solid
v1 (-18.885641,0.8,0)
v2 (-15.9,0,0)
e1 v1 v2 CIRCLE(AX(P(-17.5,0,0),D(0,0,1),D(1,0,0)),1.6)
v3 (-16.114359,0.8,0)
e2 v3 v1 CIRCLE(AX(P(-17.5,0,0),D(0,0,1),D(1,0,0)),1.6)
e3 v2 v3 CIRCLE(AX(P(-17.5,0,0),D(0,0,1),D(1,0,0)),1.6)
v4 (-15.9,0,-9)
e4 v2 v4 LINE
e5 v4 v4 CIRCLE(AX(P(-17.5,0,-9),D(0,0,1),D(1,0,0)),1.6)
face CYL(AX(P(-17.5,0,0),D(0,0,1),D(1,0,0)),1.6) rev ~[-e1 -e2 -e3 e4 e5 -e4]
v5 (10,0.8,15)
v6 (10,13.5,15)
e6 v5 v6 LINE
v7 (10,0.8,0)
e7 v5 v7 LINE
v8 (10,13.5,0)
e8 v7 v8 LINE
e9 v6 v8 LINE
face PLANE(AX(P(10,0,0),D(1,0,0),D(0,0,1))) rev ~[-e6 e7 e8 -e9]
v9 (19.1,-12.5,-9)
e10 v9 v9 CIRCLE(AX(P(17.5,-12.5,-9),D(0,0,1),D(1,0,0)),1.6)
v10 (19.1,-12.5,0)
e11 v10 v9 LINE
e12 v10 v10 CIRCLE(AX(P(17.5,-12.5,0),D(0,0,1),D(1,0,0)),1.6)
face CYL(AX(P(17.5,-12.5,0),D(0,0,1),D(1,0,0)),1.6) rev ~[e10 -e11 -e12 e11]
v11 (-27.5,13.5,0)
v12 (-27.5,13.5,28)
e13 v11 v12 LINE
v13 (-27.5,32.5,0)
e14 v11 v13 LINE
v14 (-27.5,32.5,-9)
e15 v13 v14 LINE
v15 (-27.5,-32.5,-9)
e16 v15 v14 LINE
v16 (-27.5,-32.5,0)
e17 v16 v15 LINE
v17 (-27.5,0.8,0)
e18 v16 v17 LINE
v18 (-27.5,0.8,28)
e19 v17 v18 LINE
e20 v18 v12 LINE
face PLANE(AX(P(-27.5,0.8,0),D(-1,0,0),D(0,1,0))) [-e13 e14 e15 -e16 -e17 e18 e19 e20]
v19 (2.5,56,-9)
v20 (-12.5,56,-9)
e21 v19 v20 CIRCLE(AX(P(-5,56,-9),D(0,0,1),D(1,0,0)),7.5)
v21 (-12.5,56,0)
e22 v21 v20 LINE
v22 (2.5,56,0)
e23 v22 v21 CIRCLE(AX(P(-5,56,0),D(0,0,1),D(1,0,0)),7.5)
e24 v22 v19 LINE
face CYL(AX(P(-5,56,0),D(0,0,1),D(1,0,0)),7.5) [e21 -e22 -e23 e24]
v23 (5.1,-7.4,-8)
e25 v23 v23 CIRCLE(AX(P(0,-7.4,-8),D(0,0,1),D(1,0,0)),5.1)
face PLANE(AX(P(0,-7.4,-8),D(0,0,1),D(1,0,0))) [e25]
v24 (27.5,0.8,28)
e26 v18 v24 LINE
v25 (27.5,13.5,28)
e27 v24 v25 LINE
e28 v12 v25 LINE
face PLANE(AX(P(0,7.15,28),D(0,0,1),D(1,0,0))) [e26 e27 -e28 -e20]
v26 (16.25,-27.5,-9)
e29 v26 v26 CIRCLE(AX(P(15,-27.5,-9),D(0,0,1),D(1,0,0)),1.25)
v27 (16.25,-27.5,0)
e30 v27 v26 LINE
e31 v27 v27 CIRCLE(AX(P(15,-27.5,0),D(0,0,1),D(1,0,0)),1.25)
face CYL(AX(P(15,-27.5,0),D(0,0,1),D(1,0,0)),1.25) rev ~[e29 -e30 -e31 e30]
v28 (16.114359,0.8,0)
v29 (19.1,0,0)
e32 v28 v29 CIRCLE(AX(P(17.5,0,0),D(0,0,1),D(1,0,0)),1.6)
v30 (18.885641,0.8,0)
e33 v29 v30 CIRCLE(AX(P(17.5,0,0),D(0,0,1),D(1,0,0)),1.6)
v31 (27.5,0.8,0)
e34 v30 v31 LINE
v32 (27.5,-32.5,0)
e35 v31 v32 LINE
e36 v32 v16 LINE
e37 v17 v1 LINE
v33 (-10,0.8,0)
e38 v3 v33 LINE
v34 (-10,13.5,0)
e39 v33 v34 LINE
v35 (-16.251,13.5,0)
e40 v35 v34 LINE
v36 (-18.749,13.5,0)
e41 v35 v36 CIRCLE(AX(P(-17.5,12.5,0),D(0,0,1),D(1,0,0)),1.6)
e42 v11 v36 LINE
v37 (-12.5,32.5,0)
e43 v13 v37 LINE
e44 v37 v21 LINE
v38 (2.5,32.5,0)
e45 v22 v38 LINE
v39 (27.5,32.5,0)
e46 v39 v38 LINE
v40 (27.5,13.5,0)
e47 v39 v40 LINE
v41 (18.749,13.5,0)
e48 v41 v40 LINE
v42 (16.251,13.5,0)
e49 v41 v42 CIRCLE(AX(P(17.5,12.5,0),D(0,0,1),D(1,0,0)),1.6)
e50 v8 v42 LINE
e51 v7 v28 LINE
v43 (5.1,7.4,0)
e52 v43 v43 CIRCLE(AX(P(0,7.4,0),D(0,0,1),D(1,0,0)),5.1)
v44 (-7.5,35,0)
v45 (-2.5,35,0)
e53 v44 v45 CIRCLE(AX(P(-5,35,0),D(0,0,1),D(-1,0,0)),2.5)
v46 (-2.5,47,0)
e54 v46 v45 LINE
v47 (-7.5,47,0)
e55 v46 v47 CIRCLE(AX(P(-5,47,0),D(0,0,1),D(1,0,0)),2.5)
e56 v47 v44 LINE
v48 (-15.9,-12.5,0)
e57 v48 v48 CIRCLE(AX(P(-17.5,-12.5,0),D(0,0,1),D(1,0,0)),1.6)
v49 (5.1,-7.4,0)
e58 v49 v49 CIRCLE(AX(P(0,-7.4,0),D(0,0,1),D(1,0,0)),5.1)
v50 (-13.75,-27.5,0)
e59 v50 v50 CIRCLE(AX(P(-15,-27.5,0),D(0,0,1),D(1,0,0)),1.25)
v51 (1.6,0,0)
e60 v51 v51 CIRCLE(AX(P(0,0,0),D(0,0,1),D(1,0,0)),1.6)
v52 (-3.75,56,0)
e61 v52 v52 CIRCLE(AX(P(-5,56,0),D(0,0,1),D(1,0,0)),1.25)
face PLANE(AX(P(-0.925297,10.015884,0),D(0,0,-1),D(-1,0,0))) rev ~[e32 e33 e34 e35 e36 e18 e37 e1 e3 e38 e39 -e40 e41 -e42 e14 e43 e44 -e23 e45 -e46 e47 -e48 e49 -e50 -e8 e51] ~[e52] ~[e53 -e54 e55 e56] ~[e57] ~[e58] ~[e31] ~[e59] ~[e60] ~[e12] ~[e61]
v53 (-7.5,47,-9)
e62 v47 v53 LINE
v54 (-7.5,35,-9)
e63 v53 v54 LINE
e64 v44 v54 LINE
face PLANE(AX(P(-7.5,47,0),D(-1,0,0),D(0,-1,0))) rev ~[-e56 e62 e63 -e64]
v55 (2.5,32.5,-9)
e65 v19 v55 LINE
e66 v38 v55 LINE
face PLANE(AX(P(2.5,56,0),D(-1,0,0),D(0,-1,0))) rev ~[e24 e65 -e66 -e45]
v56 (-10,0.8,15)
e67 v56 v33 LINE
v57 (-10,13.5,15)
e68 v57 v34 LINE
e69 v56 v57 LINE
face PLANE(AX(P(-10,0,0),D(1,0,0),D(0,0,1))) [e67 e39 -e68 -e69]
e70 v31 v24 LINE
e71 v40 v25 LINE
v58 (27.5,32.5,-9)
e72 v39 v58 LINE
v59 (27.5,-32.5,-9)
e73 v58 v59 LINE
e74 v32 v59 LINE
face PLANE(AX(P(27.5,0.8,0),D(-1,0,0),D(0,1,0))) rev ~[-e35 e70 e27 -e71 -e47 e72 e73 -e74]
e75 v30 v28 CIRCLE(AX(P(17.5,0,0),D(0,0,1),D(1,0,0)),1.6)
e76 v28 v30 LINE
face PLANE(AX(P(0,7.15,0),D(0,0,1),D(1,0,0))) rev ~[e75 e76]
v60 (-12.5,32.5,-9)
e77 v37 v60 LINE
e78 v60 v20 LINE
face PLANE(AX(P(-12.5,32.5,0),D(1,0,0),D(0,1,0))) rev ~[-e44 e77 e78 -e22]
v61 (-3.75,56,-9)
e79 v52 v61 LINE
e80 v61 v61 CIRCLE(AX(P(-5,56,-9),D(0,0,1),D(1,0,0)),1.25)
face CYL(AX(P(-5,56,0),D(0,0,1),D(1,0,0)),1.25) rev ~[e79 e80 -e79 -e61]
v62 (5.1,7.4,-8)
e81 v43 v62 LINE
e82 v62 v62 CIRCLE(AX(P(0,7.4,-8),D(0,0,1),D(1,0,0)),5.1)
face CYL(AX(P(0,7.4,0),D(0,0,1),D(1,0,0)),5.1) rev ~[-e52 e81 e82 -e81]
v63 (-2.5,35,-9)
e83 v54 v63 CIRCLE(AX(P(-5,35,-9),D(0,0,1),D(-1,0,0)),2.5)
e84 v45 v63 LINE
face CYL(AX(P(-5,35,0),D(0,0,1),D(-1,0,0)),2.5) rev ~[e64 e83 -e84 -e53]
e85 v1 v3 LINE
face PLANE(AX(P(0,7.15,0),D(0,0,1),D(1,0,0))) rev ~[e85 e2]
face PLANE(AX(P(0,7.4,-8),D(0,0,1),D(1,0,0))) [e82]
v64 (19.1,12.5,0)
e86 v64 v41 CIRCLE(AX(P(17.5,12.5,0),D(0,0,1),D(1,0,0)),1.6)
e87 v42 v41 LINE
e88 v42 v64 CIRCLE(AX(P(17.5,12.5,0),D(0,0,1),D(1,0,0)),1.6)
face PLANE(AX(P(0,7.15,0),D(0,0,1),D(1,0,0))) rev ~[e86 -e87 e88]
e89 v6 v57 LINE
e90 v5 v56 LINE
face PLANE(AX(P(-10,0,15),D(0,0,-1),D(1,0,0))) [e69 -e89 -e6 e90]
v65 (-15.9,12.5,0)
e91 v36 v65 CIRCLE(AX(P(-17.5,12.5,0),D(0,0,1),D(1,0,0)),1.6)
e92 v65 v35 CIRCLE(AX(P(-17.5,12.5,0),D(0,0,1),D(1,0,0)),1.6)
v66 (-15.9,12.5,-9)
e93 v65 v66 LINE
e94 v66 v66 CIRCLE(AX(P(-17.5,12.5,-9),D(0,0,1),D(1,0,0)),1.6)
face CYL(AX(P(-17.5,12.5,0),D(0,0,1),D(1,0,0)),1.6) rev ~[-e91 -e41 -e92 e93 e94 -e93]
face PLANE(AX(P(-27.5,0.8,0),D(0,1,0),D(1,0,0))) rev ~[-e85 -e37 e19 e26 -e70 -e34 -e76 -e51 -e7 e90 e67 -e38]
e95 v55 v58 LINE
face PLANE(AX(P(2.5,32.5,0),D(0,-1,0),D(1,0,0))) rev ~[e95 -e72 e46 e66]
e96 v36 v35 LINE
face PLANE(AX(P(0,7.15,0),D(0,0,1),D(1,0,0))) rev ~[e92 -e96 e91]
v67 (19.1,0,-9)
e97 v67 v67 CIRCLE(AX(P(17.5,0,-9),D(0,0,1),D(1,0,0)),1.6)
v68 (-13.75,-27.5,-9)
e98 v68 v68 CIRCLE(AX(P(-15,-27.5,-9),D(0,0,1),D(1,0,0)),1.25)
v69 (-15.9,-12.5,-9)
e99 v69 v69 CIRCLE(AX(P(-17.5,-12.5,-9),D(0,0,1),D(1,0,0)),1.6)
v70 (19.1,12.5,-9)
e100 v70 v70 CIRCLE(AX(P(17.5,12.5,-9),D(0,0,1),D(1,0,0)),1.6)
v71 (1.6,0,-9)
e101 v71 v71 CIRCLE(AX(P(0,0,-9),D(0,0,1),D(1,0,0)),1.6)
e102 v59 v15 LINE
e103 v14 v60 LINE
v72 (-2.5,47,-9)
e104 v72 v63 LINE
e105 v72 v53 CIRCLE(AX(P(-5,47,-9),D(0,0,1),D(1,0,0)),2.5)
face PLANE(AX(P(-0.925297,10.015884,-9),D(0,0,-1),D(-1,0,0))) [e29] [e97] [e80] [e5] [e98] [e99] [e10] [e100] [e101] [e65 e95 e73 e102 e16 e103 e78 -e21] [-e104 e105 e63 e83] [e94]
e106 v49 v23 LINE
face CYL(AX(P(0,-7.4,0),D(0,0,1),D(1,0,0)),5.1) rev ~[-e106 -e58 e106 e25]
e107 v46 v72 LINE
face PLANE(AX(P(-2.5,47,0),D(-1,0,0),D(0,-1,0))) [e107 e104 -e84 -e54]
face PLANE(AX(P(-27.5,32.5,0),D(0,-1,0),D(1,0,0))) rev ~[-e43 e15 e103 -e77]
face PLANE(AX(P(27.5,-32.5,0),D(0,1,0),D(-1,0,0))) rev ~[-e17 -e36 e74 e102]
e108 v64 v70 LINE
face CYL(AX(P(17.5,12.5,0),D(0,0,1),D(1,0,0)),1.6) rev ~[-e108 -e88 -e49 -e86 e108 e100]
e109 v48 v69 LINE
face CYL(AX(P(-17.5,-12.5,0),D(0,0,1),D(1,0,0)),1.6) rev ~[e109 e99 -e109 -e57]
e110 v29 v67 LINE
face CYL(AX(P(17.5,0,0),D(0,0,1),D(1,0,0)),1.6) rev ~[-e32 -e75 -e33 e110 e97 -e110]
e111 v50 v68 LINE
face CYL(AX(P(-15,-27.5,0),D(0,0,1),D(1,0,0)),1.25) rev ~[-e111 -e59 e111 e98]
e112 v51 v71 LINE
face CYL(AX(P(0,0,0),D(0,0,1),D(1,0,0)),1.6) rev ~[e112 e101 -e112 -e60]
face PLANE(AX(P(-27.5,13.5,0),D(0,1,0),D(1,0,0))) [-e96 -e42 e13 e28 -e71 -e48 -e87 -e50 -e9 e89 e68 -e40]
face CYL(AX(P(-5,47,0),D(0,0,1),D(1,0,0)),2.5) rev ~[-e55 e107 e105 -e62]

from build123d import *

# Parameters (mm, degrees)
SKETCH_R             = 1.25
SKETCH_R_2           = 1.6
PAD_DEPTH            = 9
SKETCH002_W          = 55
SKETCH002_H          = 12.7
PAD001_DEPTH         = 28
SKETCH003_W          = 20
SKETCH003_H          = 15
POCKET001_DEPTH      = 63.501
POCKET001_DEPTH_BACK = 32.501
SKETCH001_R          = 5.1
POCKET_DEPTH         = 8


with BuildPart() as part:
    # Sketch → Pad (new body)
    with BuildSketch(Plane.XY):
        with BuildLine():
            Line((-27.5, 32.5), (-12.5, 32.5))
            Line((-12.5, 32.5), (-12.5, 56))
            ThreePointArc((2.5, 56), (-5, 63.5), (-12.5, 56))
            Line((2.5, 56), (2.5, 32.5))
            Line((2.5, 32.5), (27.5, 32.5))
            Line((27.5, 32.5), (27.5, -32.5))
            Line((27.5, -32.5), (-27.5, -32.5))
            Line((-27.5, -32.5), (-27.5, 32.5))
        make_face()
        with Locations((-15, -27.5)):
            Circle(SKETCH_R, mode=Mode.SUBTRACT)
        with Locations((15, -27.5)):
            Circle(SKETCH_R, mode=Mode.SUBTRACT)
        with Locations((-5, 56)):
            Circle(SKETCH_R, mode=Mode.SUBTRACT)
        with Locations((-17.5, 12.5)):
            Circle(SKETCH_R_2, mode=Mode.SUBTRACT)
        with Locations((-17.5, -12.5)):
            Circle(SKETCH_R_2, mode=Mode.SUBTRACT)
        with Locations((17.5, 12.5)):
            Circle(SKETCH_R_2, mode=Mode.SUBTRACT)
        with Locations((17.5, -12.5)):
            Circle(SKETCH_R_2, mode=Mode.SUBTRACT)
        Circle(SKETCH_R_2, mode=Mode.SUBTRACT)
        with Locations((-17.5, 0)):
            Circle(SKETCH_R_2, mode=Mode.SUBTRACT)
        with Locations((17.5, 0)):
            Circle(SKETCH_R_2, mode=Mode.SUBTRACT)
        with BuildLine():
            ThreePointArc((-2.5, 47), (-5, 49.5), (-7.5, 47))
            Line((-7.5, 47), (-7.5, 35))
            ThreePointArc((-7.5, 35), (-5, 32.5), (-2.5, 35))
            Line((-2.5, 47), (-2.5, 35))
        make_face(mode=Mode.SUBTRACT)
    extrude(amount=-PAD_DEPTH)

    # Sketch002 → Pad001 (join)
    with BuildSketch(Plane.XY):
        with Locations((0, 7.15)):
            Rectangle(SKETCH002_W, SKETCH002_H)
    extrude(amount=PAD001_DEPTH)

    # Sketch003 → Pocket001 (cut, two sides)
    with BuildSketch(Plane.XZ) as pocket001_sk:
        with Locations((0, 7.5)):
            Rectangle(SKETCH003_W, SKETCH003_H)
    extrude(amount=-POCKET001_DEPTH, mode=Mode.SUBTRACT)
    extrude(pocket001_sk.sketch, amount=POCKET001_DEPTH_BACK, mode=Mode.SUBTRACT)

    # Sketch001 → Pocket (cut)
    with BuildSketch(Plane.XY):
        with Locations((0, 7.4)):
            Circle(SKETCH001_R)
        with Locations((0, -7.4)):
            Circle(SKETCH001_R)
    extrude(amount=-POCKET_DEPTH, mode=Mode.SUBTRACT)


solid = part.part
